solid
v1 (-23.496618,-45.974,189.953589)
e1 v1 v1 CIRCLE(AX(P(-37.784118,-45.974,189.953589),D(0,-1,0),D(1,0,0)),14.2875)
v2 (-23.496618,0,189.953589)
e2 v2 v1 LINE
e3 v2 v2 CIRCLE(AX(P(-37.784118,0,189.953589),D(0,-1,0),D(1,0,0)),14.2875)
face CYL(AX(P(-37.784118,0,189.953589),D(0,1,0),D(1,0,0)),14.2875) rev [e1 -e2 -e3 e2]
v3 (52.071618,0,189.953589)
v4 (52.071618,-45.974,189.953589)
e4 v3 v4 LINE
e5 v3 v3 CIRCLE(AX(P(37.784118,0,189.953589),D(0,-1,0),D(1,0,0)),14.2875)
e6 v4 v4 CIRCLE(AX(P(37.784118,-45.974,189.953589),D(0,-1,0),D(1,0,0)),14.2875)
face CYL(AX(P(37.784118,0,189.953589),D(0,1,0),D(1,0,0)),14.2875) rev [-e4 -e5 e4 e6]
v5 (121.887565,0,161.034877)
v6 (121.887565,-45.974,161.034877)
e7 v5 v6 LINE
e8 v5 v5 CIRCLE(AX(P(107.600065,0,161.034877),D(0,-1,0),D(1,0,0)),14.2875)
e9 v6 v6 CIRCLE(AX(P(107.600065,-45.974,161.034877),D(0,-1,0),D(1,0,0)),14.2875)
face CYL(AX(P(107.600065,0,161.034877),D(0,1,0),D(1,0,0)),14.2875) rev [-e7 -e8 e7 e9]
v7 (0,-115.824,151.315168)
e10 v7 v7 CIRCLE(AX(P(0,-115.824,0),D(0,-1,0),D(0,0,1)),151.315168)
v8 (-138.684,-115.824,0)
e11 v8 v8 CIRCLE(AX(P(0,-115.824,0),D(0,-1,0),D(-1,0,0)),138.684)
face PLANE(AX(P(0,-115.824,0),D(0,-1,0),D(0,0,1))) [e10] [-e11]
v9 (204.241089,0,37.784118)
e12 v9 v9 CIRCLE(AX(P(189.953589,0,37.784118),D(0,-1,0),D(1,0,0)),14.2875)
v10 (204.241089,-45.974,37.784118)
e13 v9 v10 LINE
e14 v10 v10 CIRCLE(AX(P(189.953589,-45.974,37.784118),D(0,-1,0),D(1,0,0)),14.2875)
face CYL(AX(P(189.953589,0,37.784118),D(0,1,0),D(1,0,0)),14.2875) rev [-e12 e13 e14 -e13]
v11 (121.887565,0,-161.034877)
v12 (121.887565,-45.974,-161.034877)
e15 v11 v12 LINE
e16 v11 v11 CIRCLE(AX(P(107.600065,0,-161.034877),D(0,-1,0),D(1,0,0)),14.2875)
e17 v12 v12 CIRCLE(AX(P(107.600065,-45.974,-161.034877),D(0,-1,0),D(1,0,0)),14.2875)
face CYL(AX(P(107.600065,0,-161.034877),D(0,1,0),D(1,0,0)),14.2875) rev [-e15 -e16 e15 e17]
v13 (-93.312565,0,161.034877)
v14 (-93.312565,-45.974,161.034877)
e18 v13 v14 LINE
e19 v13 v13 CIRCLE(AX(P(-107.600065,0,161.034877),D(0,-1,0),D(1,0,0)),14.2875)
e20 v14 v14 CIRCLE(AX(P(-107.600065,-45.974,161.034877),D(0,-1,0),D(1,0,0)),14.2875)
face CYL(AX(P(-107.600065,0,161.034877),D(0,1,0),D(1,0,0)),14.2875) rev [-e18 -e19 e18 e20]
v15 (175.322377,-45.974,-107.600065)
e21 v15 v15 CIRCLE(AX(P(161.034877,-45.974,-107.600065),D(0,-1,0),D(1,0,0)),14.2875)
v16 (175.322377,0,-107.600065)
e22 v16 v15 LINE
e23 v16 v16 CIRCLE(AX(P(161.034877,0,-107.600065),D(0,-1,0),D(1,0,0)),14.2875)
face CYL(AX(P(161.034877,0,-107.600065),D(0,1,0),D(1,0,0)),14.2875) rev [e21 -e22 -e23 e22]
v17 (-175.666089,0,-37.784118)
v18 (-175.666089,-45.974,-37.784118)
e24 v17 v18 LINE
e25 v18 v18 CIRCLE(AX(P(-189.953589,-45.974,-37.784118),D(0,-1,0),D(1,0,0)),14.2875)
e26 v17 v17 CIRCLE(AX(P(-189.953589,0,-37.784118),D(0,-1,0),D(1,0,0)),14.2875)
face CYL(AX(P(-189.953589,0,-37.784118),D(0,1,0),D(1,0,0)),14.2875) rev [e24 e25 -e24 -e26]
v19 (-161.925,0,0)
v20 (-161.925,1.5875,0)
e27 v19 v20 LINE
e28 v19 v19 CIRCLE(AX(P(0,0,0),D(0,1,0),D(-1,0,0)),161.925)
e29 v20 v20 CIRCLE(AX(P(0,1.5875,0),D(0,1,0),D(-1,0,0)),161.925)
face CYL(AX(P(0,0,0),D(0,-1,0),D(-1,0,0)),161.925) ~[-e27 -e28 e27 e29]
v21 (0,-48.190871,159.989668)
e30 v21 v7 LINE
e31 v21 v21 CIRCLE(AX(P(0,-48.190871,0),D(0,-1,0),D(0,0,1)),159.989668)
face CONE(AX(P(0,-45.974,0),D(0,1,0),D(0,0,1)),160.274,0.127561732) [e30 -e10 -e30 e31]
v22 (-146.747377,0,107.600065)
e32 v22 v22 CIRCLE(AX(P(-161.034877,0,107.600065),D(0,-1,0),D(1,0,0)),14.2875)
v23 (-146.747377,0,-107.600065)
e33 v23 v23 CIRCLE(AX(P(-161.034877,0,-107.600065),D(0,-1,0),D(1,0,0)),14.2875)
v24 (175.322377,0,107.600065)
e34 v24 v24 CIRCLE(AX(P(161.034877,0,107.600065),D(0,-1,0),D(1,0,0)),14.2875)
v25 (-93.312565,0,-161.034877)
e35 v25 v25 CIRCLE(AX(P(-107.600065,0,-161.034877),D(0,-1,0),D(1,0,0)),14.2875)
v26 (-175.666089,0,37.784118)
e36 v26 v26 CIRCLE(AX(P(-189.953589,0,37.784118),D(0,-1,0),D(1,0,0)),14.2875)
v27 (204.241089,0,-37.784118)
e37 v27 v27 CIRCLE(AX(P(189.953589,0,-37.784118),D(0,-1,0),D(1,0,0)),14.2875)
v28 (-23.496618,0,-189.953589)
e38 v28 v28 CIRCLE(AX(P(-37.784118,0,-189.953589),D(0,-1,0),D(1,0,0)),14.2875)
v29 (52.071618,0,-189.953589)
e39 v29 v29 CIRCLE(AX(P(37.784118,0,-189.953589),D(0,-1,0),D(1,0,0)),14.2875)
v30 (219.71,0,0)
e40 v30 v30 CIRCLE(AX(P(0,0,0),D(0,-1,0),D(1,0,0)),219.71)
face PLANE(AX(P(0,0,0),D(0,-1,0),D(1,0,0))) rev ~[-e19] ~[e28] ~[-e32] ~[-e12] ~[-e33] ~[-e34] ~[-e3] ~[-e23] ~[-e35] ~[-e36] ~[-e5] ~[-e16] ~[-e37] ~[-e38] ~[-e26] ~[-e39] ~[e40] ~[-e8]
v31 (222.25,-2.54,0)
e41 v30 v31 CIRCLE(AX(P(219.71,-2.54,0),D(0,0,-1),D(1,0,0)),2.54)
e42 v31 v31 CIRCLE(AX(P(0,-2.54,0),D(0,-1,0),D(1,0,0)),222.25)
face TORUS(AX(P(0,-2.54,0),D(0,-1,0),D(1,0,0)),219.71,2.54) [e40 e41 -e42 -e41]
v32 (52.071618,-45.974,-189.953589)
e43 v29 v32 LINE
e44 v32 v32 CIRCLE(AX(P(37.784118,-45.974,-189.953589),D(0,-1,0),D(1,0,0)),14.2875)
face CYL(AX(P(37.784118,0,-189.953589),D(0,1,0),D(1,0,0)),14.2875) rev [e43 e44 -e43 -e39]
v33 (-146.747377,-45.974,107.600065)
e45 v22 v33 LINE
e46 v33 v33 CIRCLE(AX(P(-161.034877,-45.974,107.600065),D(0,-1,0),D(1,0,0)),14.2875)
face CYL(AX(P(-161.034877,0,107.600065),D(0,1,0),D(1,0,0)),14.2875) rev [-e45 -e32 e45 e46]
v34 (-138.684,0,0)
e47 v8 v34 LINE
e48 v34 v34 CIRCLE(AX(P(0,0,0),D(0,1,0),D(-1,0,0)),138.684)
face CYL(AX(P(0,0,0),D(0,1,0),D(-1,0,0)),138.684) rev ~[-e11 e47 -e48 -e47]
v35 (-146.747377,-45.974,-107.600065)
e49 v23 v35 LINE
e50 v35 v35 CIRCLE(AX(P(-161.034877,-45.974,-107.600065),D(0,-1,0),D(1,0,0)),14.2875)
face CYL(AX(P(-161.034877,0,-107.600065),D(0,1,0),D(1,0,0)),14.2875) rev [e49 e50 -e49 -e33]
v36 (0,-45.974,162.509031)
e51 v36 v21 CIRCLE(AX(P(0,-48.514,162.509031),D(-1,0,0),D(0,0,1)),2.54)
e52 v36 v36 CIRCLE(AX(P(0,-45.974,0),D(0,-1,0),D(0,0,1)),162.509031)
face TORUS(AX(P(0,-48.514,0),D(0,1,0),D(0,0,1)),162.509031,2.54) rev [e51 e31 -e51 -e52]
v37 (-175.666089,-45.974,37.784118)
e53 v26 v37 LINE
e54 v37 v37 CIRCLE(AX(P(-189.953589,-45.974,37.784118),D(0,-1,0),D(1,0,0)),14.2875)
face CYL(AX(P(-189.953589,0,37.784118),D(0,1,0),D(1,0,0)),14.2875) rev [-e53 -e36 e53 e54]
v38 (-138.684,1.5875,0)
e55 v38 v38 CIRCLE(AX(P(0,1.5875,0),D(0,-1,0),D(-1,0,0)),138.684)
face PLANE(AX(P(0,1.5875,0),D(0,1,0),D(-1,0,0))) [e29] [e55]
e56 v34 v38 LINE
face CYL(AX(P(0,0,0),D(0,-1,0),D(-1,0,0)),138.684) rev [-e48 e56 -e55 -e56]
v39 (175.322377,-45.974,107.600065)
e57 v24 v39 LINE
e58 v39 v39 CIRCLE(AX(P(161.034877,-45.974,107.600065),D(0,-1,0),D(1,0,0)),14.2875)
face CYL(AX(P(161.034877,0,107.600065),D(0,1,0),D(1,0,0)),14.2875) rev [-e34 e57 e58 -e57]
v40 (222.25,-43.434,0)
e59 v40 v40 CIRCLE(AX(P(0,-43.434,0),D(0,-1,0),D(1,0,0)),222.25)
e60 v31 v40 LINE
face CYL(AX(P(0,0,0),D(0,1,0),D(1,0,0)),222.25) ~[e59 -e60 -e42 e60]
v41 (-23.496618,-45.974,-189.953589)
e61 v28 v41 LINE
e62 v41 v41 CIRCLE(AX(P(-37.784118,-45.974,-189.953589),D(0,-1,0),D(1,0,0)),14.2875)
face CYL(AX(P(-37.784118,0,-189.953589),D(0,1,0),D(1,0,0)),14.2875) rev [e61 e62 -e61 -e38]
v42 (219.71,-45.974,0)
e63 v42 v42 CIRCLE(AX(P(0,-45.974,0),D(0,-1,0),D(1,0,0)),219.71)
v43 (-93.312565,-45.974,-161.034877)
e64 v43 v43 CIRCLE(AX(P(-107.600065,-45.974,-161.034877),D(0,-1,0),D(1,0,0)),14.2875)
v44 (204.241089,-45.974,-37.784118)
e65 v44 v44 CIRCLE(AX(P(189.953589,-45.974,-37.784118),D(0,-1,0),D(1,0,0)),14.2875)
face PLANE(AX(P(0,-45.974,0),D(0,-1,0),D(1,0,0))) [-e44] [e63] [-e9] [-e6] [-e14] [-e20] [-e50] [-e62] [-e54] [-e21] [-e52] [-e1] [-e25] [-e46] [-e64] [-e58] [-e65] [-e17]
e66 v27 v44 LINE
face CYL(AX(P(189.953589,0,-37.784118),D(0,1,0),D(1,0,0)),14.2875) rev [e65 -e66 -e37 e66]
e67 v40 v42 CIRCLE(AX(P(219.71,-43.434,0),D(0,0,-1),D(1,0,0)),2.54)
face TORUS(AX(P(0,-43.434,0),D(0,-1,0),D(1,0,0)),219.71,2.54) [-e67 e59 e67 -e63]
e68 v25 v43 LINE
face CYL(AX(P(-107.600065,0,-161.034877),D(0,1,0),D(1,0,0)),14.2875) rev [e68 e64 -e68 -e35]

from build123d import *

# Parameters (mm, degrees)
F0_R     = 222.25
F0_R_2   = 14.2875
F0_R_3   = 136.525
F1_DEPTH = 45.974
F2_W     = 45.974
F2_H     = 138.684
F2_H_2   = 21.59
F4_R     = 138.684
F5_DEPTH = 115.825
F6_R     = 161.925
F6_R_2   = 127.254
F7_DEPTH = 1.5875
F8_R     = 2.54
F9_DEPTH = 25.4


with BuildPart() as f1:
    # F0 (on Front) → F1 (new body)
    with BuildSketch(Plane.XZ):
        Circle(F0_R)
        with Locations((-37.7841181165, -189.9535891821)):
            Circle(F0_R_2, mode=Mode.SUBTRACT)
        with Locations((-107.6000648801, -161.0348771627)):
            Circle(F0_R_2, mode=Mode.SUBTRACT)
        with Locations((-161.0348771627, -107.6000648801)):
            Circle(F0_R_2, mode=Mode.SUBTRACT)
        with Locations((-189.9535891821, -37.7841181165)):
            Circle(F0_R_2, mode=Mode.SUBTRACT)
        with Locations((37.7841181165, -189.9535891821)):
            Circle(F0_R_2, mode=Mode.SUBTRACT)
        with Locations((107.6000648801, -161.0348771627)):
            Circle(F0_R_2, mode=Mode.SUBTRACT)
        with Locations((161.0348771627, -107.6000648801)):
            Circle(F0_R_2, mode=Mode.SUBTRACT)
        with Locations((189.9535891821, -37.7841181165)):
            Circle(F0_R_2, mode=Mode.SUBTRACT)
        with Locations((-189.9535891821, 37.7841181165)):
            Circle(F0_R_2, mode=Mode.SUBTRACT)
        with Locations((-161.0348771627, 107.6000648801)):
            Circle(F0_R_2, mode=Mode.SUBTRACT)
        with Locations((-107.6000648801, 161.0348771627)):
            Circle(F0_R_2, mode=Mode.SUBTRACT)
        with Locations((-37.7841181165, 189.9535891821)):
            Circle(F0_R_2, mode=Mode.SUBTRACT)
        Circle(F0_R_3, mode=Mode.SUBTRACT)
        with Locations((189.9535891821, 37.7841181165)):
            Circle(F0_R_2, mode=Mode.SUBTRACT)
        with Locations((161.0348771627, 107.6000648801)):
            Circle(F0_R_2, mode=Mode.SUBTRACT)
        with Locations((107.6000648801, 161.0348771627)):
            Circle(F0_R_2, mode=Mode.SUBTRACT)
        with Locations((37.7841181165, 189.9535891821)):
            Circle(F0_R_2, mode=Mode.SUBTRACT)
    extrude(amount=F1_DEPTH)

    # F2 (on Right) → F3 (revolve)
    with BuildSketch(Plane.YZ):
        with Locations((-22.987, 69.342)):
            Rectangle(F2_W, F2_H)
        with Locations((-22.987, 149.479)):
            Rectangle(F2_W, F2_H_2)
        Polygon((-115.824, 138.684), (-45.974, 138.684), (-45.974, 160.274), (-115.824, 151.3151675463), align=None)
    revolve(axis=Axis((0, -61.0863305628, 0), (0, -1, 0)))

    # F4 (on face) → F5 (cut, through all)
    with BuildSketch(Plane(origin=(0, 0, 0), x_dir=(-1, 0, 0), z_dir=(0, 1, 0))):
        Circle(F4_R)
    extrude(amount=-F5_DEPTH, mode=Mode.SUBTRACT)

    # F6 (on face) → F7 (join)
    with BuildSketch(Plane(origin=(0, 0, 0), x_dir=(-1, 0, 0), z_dir=(0, 1, 0))):
        Circle(F6_R)
        Circle(F6_R_2, mode=Mode.SUBTRACT)
    extrude(amount=F7_DEPTH)

    # F8
    f8_edges = [f1.edges().sort_by_distance(p)[0] for p in [
        (-222.25, 0, 0),
        (-222.25, -45.974, 0),
        (0, -45.974, -160.274),
    ]]
    fillet(f8_edges, radius=F8_R)

    # F9 (cut): a face of the model
    f9_faces = [f1.faces().sort_by_distance(p)[0] for p in [
        (134.7614241263, 0, 0),
    ]]
    extrude(f9_faces, amount=-F9_DEPTH, mode=Mode.SUBTRACT)


solid = f1.part
